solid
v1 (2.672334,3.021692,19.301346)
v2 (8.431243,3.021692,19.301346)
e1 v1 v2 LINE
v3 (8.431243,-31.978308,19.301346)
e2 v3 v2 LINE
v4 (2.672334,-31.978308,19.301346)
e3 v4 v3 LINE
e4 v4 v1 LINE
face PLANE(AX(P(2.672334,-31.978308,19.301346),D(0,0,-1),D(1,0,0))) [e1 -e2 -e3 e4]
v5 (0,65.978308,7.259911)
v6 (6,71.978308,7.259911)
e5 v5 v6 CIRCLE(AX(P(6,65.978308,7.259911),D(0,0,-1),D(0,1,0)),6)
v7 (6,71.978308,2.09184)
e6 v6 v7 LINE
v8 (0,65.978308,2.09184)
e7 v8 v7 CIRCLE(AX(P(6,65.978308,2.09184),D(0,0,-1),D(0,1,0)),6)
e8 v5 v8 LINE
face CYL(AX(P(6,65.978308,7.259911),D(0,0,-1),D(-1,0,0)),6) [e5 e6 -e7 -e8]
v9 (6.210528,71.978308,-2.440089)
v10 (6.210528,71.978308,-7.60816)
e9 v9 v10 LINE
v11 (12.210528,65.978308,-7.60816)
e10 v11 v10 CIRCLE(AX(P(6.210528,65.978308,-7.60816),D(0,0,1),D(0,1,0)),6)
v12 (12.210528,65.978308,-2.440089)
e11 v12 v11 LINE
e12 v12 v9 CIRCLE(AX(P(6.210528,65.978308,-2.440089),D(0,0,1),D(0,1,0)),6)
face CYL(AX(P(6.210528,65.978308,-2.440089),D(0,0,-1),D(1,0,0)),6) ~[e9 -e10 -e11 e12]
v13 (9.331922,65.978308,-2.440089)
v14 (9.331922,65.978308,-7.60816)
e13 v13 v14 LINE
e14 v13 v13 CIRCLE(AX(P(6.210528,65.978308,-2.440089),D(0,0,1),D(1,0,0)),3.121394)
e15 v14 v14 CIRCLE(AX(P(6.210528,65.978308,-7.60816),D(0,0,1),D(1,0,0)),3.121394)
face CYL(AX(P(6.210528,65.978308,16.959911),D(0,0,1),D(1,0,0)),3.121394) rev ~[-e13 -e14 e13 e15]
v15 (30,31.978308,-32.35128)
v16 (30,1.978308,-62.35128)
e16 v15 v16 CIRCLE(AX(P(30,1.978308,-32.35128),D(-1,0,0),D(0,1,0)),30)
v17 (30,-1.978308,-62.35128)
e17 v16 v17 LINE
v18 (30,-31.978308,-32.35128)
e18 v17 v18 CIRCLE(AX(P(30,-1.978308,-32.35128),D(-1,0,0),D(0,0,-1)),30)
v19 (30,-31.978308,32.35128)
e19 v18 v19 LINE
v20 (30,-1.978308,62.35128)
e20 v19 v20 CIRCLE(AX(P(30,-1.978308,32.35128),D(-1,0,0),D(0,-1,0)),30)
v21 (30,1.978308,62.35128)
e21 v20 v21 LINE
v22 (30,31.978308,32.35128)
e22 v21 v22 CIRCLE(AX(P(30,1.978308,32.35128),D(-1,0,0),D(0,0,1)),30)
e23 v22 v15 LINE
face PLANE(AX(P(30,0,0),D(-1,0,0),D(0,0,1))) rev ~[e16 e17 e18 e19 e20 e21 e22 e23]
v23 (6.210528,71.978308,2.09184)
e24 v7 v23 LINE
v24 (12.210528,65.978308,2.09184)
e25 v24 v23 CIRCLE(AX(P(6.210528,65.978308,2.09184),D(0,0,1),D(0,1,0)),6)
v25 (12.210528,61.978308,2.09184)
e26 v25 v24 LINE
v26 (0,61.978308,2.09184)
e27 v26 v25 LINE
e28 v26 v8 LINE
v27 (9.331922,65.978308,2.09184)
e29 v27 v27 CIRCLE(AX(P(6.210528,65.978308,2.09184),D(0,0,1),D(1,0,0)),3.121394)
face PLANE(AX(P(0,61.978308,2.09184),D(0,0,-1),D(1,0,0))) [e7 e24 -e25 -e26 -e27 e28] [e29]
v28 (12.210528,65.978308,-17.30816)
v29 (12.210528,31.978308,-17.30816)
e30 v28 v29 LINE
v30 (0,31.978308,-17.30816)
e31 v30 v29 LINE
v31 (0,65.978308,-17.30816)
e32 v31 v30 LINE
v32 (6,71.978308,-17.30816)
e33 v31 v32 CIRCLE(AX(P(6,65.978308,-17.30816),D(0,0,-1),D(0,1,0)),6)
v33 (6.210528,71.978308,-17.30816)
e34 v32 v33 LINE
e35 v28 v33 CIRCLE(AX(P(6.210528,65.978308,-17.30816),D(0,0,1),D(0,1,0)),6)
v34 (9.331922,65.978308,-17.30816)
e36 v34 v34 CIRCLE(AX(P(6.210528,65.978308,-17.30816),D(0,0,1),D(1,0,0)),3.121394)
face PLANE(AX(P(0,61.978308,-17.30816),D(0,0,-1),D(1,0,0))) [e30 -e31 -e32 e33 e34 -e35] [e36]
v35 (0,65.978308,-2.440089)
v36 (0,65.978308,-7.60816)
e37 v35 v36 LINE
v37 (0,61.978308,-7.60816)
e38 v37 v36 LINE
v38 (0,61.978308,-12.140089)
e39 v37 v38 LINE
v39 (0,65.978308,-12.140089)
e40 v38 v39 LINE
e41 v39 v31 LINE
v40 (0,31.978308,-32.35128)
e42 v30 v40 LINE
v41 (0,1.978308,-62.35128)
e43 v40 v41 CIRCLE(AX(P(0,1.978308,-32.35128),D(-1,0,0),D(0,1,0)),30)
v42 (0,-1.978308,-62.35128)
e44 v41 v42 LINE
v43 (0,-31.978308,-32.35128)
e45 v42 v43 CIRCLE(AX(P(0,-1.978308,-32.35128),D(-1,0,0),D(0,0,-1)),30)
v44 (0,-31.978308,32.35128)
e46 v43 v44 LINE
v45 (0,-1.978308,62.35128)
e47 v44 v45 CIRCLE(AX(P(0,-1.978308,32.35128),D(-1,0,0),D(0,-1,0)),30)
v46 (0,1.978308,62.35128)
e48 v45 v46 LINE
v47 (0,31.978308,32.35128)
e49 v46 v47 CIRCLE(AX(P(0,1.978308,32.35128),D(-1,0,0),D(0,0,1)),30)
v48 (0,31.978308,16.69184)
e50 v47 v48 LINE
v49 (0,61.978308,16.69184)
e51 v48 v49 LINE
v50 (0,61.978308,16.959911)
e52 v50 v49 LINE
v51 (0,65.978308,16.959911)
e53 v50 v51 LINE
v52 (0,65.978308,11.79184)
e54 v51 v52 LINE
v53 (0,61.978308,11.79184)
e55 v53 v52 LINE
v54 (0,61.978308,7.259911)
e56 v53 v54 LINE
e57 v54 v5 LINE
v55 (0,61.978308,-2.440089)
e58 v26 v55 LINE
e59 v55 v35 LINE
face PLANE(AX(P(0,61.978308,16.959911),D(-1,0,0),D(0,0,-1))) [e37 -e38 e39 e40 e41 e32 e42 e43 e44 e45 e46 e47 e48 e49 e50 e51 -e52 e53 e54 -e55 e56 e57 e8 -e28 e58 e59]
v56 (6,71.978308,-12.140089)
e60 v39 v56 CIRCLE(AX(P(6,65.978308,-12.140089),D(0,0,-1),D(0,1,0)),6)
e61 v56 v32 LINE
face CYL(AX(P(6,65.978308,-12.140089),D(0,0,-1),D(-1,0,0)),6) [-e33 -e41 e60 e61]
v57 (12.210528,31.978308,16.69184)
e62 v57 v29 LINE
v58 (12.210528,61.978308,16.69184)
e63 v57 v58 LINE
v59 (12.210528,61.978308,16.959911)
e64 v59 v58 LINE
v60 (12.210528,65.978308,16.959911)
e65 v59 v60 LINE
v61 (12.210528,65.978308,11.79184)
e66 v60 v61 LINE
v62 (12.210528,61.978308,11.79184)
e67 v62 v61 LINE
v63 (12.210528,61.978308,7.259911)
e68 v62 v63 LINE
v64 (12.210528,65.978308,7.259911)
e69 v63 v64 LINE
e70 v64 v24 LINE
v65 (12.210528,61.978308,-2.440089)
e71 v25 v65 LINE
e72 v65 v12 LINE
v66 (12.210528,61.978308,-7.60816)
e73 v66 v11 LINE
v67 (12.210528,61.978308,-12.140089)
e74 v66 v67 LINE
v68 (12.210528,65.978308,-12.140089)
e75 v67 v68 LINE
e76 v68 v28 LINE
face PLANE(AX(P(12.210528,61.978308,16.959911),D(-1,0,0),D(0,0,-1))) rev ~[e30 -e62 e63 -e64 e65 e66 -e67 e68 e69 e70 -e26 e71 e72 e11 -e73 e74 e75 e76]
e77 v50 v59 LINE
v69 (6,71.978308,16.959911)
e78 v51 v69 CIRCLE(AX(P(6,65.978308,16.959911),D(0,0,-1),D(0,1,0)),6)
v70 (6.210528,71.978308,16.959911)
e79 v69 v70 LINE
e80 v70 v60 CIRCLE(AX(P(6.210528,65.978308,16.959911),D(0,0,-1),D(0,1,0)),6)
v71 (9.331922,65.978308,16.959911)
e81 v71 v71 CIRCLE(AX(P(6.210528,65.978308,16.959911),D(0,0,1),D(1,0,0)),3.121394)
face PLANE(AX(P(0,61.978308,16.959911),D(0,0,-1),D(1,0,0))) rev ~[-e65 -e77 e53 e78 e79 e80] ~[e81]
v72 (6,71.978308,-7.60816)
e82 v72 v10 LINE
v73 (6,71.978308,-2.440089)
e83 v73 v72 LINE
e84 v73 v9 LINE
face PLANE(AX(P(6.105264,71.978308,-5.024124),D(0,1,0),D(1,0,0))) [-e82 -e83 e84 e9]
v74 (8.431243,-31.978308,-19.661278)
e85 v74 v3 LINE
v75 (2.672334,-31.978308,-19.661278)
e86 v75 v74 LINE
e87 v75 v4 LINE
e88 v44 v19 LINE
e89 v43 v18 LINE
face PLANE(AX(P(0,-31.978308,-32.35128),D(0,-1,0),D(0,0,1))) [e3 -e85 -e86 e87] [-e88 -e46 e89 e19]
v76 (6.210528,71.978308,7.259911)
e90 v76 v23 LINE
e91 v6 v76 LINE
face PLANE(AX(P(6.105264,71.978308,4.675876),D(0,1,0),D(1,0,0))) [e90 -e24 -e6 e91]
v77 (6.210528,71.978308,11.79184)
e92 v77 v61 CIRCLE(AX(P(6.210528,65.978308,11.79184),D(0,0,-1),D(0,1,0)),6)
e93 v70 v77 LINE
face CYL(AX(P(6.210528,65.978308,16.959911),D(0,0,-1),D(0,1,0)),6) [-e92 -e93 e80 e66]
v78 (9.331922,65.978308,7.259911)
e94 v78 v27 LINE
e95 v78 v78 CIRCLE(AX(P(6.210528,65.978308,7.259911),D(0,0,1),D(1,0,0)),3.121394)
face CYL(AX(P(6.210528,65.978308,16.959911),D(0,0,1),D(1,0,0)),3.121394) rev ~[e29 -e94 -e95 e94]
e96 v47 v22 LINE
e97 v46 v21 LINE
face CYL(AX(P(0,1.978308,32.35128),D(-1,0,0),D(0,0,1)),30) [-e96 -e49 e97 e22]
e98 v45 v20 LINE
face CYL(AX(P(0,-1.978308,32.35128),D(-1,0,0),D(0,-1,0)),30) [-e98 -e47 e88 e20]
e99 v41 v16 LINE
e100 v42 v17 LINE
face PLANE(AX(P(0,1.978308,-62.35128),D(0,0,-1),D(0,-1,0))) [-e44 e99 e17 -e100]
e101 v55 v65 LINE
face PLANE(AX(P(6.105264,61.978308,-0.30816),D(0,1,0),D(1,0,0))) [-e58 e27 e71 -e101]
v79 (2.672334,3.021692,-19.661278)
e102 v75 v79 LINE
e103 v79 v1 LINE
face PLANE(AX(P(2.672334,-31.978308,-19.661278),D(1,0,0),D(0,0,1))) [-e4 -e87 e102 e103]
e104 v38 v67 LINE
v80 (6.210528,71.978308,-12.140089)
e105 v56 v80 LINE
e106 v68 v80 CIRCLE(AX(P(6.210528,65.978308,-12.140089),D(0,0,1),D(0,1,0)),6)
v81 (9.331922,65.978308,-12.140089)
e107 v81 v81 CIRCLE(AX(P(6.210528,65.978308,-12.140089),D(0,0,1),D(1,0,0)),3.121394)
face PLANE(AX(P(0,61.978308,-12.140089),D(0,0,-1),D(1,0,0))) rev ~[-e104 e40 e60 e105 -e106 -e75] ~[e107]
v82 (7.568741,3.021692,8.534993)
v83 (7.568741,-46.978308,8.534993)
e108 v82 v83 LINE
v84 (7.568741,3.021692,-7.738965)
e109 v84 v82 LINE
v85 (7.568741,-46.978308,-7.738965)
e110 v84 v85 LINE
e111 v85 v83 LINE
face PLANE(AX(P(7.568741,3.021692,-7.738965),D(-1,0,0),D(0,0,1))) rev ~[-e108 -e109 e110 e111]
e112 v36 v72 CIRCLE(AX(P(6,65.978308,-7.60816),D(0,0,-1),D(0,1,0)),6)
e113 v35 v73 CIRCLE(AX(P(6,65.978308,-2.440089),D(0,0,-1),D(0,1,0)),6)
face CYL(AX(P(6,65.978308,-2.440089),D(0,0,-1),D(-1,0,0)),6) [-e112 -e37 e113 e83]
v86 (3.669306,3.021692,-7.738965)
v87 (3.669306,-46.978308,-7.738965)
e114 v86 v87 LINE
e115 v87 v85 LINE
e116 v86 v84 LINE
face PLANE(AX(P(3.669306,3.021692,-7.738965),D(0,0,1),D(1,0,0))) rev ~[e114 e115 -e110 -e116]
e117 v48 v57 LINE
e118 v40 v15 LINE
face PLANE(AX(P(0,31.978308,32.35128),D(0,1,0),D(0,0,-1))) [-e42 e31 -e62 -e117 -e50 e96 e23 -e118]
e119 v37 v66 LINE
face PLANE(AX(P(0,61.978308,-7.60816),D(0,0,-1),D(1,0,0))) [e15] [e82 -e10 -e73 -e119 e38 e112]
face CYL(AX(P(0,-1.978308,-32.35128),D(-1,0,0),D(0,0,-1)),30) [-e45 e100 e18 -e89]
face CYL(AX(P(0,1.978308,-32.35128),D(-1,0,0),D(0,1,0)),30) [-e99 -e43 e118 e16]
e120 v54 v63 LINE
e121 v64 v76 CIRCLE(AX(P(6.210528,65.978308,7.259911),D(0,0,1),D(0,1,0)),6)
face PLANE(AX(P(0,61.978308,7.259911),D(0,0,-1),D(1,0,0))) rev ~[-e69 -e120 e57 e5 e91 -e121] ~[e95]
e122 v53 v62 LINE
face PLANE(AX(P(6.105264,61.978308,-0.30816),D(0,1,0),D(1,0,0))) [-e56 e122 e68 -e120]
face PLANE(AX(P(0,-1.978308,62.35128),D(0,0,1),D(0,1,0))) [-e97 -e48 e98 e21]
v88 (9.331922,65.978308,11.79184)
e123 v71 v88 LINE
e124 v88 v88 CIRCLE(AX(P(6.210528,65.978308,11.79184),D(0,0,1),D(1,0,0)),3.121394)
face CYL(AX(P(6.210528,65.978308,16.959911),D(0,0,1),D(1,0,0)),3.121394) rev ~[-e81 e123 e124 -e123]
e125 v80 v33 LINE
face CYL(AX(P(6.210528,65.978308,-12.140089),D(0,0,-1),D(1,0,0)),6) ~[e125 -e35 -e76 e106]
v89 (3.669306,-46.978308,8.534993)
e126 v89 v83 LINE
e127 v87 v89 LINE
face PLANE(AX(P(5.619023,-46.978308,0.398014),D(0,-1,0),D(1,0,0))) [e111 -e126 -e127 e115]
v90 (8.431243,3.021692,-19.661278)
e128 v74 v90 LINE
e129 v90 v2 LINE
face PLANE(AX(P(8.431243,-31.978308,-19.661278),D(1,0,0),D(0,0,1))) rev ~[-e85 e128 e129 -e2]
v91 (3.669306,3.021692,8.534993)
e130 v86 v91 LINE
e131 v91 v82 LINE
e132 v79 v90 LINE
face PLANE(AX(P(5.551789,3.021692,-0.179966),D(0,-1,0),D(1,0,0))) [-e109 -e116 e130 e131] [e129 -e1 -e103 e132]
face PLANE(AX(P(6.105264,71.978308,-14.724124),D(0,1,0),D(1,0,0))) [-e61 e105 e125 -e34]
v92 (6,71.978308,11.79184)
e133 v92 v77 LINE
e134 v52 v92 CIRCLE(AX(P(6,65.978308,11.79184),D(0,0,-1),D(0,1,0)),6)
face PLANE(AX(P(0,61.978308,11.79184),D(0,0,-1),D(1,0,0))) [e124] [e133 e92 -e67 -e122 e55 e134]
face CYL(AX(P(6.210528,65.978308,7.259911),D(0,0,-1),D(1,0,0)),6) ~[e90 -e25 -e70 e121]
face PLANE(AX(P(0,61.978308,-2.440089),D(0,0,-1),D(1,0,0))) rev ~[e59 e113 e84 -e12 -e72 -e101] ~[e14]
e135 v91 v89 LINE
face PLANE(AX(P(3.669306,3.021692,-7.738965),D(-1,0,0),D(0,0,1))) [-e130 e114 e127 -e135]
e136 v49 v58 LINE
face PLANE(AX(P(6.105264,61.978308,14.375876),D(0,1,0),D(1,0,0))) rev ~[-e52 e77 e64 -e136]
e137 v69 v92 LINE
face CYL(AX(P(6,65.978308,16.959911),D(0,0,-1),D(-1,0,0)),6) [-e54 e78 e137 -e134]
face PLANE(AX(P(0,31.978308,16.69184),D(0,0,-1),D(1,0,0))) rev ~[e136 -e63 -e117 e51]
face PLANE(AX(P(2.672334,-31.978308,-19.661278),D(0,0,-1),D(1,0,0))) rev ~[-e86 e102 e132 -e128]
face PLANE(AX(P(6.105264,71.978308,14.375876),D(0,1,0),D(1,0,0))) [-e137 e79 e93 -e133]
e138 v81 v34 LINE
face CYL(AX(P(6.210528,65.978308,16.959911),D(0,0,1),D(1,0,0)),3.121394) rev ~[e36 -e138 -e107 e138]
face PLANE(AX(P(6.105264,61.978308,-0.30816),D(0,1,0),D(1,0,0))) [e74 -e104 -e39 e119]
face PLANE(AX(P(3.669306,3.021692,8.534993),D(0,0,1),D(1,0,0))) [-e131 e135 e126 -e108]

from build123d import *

# Parameters (mm, degrees)
BOSS_EXTRUDE1_DEPTH    = 30
SKETCH4_W              = 12.210528057
SKETCH4_H              = 34
BOSS_EXTRUDE3_DEPTH    = 30
SKETCH5_W              = 12.210528057
SKETCH5_H              = 5.168070784
BOSS_EXTRUDE4_DEPTH    = 10
FILLET1_R              = 6
LPATTERN1_COUNT        = 4
LPATTERN1_PITCH        = 9.7
FILLET1_OF_LPATTERN1_R = 6
SKETCH6_R              = 3.121394117
CUT_EXTRUDE1_DEPTH     = 80.311190797
SKETCH10_W             = 5.758909818
SKETCH10_H             = 38.962624233
CUT_EXTRUDE2_DEPTH     = 35
SKETCH11_W             = 3.89943497
SKETCH11_H             = 16.273957598
BOSS_EXTRUDE5_DEPTH    = 50


with BuildPart() as part:
    # Sketch1 → Boss-Extrude1 (new body)
    with BuildSketch(Plane(origin=(0, 0, 0), x_dir=(0, 0, -1), z_dir=(1, 0, 0))):
        with BuildLine():
            Line((-32.351279839, 31.978308301), (32.351279839, 31.978308301))
            ThreePointArc((32.351279839, 31.978308301), (53.564483275, 23.191511736), (62.351279839, 1.978308301))
            Line((62.351279839, 1.978308301), (62.351279839, -1.978308301))
            ThreePointArc((62.351279839, -1.978308301), (53.564483275, -23.191511736), (32.351279839, -31.978308301))
            Line((32.351279839, -31.978308301), (-32.351279839, -31.978308301))
            ThreePointArc((-32.351279839, -31.978308301), (-53.564483275, -23.191511736), (-62.351279839, -1.978308301))
            Line((-62.351279839, -1.978308301), (-62.351279839, 1.978308301))
            ThreePointArc((-62.351279839, 1.978308301), (-53.564483275, 23.191511736), (-32.351279839, 31.978308301))
        make_face()
    extrude(amount=BOSS_EXTRUDE1_DEPTH)

    # Sketch4 → Boss-Extrude3 (add)
    with BuildSketch(Plane(origin=(0, 31.978308301, 0), x_dir=(1, 0, 0), z_dir=(0, 1, 0))):
        with Locations((6.105264029, 0.308159826)):
            Rectangle(SKETCH4_W, SKETCH4_H)
    extrude(amount=BOSS_EXTRUDE3_DEPTH)

    # Sketch5 → Boss-Extrude4 (add)
    with BuildSketch(Plane(origin=(0, 61.978308301, 0), x_dir=(1, 0, 0), z_dir=(0, 1, 0))):
        with Locations((6.105264029, 14.724124434)):
            Rectangle(SKETCH5_W, SKETCH5_H)
    boss_extrude4 = extrude(amount=BOSS_EXTRUDE4_DEPTH)

    # Fillet1
    fillet1_edges = [part.edges().sort_by_distance(p)[0] for p in [
        (0, 71.978308301, -14.724124434),
        (12.210528057, 71.978308301, -14.724124434),
    ]]
    fillet(fillet1_edges, radius=FILLET1_R)

    # LPattern1: Boss-Extrude4 ×4
    with Locations(*[(0, 0, i * LPATTERN1_PITCH) for i in range(1, LPATTERN1_COUNT)]):
        add(boss_extrude4)

    # Fillet1 of LPattern1
    fillet1_of_lpattern1_edges = [part.edges().sort_by_distance(p)[0] for p in [
        (0, 71.978308301, -5.024124434),
        (12.210528057, 71.978308301, -5.024124434),
        (0, 71.978308301, 4.675875566),
        (12.210528057, 71.978308301, 4.675875566),
        (0, 71.978308301, 14.375875566),
        (12.210528057, 71.978308301, 14.375875566),
    ]]
    fillet(fillet1_of_lpattern1_edges, radius=FILLET1_OF_LPATTERN1_R)

    # Sketch6 → Cut-Extrude1 (cut, through all)
    with BuildSketch(Plane.XY.offset(16.959910958)):
        with Locations((6.210528057, 65.978308301)):
            Circle(SKETCH6_R)
    extrude(amount=-CUT_EXTRUDE1_DEPTH, mode=Mode.SUBTRACT)

    # Sketch10 → Cut-Extrude2 (cut)
    with BuildSketch(Plane.XZ.offset(31.978308301)):
        with Locations((5.551788581, -0.179965931)):
            Rectangle(SKETCH10_W, SKETCH10_H)
    extrude(amount=-CUT_EXTRUDE2_DEPTH, mode=Mode.SUBTRACT)

    # Sketch11 → Boss-Extrude5 (add)
    with BuildSketch(Plane.XZ.offset(-3.021691699)):
        with Locations((5.619023304, 0.398013913)):
            Rectangle(SKETCH11_W, SKETCH11_H)
    extrude(amount=BOSS_EXTRUDE5_DEPTH)


solid = part.part
